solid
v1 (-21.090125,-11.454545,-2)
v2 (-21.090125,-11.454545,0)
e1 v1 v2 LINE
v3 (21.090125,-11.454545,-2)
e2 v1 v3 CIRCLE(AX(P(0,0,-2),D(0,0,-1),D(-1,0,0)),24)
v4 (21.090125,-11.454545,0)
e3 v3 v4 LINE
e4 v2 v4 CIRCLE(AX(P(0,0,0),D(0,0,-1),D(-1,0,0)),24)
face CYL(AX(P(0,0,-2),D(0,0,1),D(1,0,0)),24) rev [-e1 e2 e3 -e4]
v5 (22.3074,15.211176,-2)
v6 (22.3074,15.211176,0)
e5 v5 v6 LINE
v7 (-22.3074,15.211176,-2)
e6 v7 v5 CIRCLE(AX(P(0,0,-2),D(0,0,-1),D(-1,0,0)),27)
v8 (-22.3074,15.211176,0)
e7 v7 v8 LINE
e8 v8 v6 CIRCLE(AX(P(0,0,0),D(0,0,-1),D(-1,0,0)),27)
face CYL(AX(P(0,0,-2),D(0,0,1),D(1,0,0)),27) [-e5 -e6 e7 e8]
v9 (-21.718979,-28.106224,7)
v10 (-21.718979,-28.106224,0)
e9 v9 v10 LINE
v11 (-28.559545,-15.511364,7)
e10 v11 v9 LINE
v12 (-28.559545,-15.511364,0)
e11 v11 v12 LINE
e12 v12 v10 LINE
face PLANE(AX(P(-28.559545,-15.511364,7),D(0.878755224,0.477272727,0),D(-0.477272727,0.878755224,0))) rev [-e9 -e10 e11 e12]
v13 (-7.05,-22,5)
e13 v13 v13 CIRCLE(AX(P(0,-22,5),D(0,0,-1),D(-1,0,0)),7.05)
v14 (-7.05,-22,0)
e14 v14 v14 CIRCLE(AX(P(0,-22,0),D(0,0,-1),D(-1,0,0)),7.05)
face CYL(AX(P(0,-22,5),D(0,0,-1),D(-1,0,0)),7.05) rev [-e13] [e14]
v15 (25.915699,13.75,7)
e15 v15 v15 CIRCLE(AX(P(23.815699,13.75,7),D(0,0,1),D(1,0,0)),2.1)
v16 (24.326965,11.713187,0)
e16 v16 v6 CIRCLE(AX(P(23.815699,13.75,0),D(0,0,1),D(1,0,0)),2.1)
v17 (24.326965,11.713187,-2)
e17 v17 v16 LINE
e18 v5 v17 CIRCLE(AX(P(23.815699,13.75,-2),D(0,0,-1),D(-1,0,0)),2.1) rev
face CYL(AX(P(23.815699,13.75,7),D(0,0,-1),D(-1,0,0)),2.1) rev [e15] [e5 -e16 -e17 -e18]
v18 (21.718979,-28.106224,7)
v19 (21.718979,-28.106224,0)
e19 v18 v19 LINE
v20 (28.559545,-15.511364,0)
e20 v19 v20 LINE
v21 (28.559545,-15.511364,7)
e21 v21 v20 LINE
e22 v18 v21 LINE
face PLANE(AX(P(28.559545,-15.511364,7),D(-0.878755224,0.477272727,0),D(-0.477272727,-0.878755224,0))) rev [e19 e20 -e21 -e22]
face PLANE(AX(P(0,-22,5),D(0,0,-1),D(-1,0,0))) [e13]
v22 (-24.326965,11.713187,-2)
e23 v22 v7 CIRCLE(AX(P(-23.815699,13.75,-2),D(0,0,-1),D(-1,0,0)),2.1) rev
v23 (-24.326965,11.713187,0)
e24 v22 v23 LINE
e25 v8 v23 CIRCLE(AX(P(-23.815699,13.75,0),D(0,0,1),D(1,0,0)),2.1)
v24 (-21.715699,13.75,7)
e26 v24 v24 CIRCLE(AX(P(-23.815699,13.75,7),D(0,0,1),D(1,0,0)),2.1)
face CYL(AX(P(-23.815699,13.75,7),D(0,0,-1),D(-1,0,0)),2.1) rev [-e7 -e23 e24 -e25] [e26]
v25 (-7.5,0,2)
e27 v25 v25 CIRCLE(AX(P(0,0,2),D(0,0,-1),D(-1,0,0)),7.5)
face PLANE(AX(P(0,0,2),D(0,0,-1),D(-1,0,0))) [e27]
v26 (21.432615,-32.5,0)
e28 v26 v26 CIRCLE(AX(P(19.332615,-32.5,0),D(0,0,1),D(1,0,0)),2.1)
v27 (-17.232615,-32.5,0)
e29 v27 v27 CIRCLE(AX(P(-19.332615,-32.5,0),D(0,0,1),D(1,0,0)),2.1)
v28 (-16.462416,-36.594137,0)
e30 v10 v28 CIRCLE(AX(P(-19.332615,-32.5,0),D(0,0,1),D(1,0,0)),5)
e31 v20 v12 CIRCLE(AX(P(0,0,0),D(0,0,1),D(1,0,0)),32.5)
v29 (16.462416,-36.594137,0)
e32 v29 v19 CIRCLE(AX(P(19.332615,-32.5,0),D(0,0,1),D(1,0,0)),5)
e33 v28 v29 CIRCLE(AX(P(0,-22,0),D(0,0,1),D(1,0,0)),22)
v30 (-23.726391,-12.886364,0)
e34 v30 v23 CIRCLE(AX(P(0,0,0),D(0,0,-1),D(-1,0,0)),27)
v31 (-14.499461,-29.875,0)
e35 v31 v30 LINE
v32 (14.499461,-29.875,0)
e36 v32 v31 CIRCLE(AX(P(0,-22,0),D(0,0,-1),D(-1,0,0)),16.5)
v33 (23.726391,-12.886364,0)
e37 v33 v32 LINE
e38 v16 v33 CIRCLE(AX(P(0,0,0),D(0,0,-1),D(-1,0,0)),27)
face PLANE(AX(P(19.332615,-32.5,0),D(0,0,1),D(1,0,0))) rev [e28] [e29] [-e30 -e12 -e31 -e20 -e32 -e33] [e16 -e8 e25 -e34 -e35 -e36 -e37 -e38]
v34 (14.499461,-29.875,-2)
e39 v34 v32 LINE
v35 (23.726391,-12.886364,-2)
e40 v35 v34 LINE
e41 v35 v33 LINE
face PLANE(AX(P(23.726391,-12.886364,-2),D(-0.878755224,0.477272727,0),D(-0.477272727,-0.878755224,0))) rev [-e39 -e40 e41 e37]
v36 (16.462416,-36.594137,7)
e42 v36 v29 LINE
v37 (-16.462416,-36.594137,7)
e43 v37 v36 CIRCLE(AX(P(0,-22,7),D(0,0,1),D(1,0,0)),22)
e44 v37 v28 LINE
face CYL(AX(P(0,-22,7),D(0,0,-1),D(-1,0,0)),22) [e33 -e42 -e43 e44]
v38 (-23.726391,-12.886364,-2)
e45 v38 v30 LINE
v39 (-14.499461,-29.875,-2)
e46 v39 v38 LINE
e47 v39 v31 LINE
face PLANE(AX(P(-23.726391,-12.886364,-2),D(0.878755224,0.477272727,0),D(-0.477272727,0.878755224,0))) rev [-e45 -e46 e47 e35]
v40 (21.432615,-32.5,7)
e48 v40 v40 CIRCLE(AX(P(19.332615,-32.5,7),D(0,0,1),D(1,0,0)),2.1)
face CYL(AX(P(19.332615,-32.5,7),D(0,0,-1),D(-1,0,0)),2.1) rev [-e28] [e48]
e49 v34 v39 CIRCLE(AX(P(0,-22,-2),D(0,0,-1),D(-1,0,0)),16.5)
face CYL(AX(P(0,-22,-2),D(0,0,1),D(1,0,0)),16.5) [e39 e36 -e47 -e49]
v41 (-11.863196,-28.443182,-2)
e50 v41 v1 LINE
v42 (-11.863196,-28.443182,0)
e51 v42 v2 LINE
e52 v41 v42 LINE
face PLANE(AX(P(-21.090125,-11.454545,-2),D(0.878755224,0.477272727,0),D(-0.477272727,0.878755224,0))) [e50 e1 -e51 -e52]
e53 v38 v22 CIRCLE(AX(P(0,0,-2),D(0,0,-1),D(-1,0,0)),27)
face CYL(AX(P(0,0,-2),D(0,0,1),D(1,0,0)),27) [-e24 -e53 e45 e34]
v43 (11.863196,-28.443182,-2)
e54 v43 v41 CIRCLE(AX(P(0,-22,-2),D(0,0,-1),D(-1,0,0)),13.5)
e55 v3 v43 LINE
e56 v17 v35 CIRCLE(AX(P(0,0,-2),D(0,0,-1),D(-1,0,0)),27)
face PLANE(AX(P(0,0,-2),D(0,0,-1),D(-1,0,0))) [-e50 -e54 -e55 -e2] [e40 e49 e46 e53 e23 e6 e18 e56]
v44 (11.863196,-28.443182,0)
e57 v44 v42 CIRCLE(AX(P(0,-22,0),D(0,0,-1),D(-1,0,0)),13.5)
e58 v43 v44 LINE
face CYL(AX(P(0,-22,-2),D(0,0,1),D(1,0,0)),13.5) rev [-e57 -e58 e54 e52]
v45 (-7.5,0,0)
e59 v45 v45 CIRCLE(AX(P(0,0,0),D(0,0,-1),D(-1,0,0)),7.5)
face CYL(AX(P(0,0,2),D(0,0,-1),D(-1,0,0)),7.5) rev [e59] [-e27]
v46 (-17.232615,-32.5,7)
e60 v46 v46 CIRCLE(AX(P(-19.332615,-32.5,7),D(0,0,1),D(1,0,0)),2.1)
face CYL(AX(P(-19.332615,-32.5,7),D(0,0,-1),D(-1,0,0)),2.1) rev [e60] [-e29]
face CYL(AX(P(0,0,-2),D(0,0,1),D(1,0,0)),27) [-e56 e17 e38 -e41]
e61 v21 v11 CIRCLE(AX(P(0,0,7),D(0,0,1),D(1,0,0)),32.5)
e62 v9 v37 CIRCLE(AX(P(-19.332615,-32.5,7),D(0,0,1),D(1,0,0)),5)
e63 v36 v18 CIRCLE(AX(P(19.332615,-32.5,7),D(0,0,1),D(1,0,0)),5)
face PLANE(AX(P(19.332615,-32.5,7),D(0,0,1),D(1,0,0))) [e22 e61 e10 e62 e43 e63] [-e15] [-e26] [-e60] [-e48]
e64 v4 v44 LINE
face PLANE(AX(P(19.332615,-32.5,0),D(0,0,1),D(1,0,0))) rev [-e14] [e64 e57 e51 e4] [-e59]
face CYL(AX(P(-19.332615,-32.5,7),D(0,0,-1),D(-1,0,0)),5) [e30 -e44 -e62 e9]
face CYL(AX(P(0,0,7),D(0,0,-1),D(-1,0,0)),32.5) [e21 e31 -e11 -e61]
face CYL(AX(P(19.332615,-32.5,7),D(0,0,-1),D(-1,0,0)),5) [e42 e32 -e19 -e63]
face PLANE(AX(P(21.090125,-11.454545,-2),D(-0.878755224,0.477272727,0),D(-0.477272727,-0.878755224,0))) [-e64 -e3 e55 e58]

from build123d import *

# Parameters (mm, degrees)
SKETCH1_R           = 2.1
BOSS_EXTRUDE1_DEPTH = 7
BOSS_EXTRUDE2_START = 2
BOSS_EXTRUDE2_DEPTH = 2
SKETCH3_R           = 7.05
CUT_EXTRUDE1_DEPTH  = 5
SKETCH4_R           = 7.5
CUT_EXTRUDE2_DEPTH  = 2


with BuildPart() as part:
    # Sketch1 → Boss-Extrude1 (new body)
    with BuildSketch(Plane.XY):
        with BuildLine():
            Line((-28.559544782, -15.511363636), (-21.718978566, -28.10622388))
            ThreePointArc((-21.718978566, -28.10622388), (-23.583461057, -35.132547662), (-16.46241644, -36.594137349))
            ThreePointArc((-16.46241644, -36.594137349), (0, -44), (16.46241644, -36.594137349))
            ThreePointArc((16.46241644, -36.594137349), (23.583461057, -35.132547662), (21.718978566, -28.10622388))
            Line((21.718978566, -28.10622388), (28.559544782, -15.511363636))
            ThreePointArc((28.559544782, -15.511363636), (0, 32.5), (-28.559544782, -15.511363636))
        make_face()
        with Locations((-23.815698604, 13.75)):
            Circle(SKETCH1_R, mode=Mode.SUBTRACT)
        with Locations((23.815698604, 13.75)):
            Circle(SKETCH1_R, mode=Mode.SUBTRACT)
        with Locations((-19.332614929, -32.5)):
            Circle(SKETCH1_R, mode=Mode.SUBTRACT)
        with Locations((19.332614929, -32.5)):
            Circle(SKETCH1_R, mode=Mode.SUBTRACT)
    extrude(amount=BOSS_EXTRUDE1_DEPTH)

    # Sketch2 → Boss-Extrude2 (add)
    with BuildSketch(Plane(origin=(0, 0, 0), x_dir=(-1, 0, 0), z_dir=(0, 0, -1)).offset(BOSS_EXTRUDE2_START)):
        with BuildLine():
            Line((-23.726391049, -12.886363636), (-14.499461197, -29.875))
            ThreePointArc((-14.499461197, -29.875), (0, -38.5), (14.499461197, -29.875))
            Line((14.499461197, -29.875), (23.726391049, -12.886363636))
            ThreePointArc((23.726391049, -12.886363636), (26.991956985, -0.65898263), (24.326965388, 11.713187226))
            ThreePointArc((24.326965388, 11.713187226), (21.997045256, 12.7), (22.307400391, 15.21117641))
            ThreePointArc((22.307400391, 15.21117641), (0, 27), (-22.307400391, 15.21117641))
            ThreePointArc((-22.307400391, 15.21117641), (-21.997045256, 12.7), (-24.326965388, 11.713187226))
            ThreePointArc((-24.326965388, 11.713187226), (-26.991956985, -0.65898263), (-23.726391049, -12.886363636))
        make_face()
        with BuildLine():
            Line((-21.090125377, -11.454545455), (-11.863195525, -28.443181818))
            ThreePointArc((-11.863195525, -28.443181818), (0, -35.5), (11.863195525, -28.443181818))
            Line((11.863195525, -28.443181818), (21.090125377, -11.454545455))
            ThreePointArc((21.090125377, -11.454545455), (0, 24), (-21.090125377, -11.454545455))
        make_face(mode=Mode.SUBTRACT)
    extrude(amount=-BOSS_EXTRUDE2_DEPTH)

    # Sketch3 → Cut-Extrude1 (cut)
    with BuildSketch(Plane(origin=(0, 0, 0), x_dir=(-1, 0, 0), z_dir=(0, 0, -1))):
        with Locations((0, -22)):
            Circle(SKETCH3_R)
    extrude(amount=-CUT_EXTRUDE1_DEPTH, mode=Mode.SUBTRACT)

    # Sketch4 → Cut-Extrude2 (cut)
    with BuildSketch(Plane(origin=(0, 0, 0), x_dir=(-1, 0, 0), z_dir=(0, 0, -1))):
        Circle(SKETCH4_R)
    extrude(amount=-CUT_EXTRUDE2_DEPTH, mode=Mode.SUBTRACT)


solid = part.part
